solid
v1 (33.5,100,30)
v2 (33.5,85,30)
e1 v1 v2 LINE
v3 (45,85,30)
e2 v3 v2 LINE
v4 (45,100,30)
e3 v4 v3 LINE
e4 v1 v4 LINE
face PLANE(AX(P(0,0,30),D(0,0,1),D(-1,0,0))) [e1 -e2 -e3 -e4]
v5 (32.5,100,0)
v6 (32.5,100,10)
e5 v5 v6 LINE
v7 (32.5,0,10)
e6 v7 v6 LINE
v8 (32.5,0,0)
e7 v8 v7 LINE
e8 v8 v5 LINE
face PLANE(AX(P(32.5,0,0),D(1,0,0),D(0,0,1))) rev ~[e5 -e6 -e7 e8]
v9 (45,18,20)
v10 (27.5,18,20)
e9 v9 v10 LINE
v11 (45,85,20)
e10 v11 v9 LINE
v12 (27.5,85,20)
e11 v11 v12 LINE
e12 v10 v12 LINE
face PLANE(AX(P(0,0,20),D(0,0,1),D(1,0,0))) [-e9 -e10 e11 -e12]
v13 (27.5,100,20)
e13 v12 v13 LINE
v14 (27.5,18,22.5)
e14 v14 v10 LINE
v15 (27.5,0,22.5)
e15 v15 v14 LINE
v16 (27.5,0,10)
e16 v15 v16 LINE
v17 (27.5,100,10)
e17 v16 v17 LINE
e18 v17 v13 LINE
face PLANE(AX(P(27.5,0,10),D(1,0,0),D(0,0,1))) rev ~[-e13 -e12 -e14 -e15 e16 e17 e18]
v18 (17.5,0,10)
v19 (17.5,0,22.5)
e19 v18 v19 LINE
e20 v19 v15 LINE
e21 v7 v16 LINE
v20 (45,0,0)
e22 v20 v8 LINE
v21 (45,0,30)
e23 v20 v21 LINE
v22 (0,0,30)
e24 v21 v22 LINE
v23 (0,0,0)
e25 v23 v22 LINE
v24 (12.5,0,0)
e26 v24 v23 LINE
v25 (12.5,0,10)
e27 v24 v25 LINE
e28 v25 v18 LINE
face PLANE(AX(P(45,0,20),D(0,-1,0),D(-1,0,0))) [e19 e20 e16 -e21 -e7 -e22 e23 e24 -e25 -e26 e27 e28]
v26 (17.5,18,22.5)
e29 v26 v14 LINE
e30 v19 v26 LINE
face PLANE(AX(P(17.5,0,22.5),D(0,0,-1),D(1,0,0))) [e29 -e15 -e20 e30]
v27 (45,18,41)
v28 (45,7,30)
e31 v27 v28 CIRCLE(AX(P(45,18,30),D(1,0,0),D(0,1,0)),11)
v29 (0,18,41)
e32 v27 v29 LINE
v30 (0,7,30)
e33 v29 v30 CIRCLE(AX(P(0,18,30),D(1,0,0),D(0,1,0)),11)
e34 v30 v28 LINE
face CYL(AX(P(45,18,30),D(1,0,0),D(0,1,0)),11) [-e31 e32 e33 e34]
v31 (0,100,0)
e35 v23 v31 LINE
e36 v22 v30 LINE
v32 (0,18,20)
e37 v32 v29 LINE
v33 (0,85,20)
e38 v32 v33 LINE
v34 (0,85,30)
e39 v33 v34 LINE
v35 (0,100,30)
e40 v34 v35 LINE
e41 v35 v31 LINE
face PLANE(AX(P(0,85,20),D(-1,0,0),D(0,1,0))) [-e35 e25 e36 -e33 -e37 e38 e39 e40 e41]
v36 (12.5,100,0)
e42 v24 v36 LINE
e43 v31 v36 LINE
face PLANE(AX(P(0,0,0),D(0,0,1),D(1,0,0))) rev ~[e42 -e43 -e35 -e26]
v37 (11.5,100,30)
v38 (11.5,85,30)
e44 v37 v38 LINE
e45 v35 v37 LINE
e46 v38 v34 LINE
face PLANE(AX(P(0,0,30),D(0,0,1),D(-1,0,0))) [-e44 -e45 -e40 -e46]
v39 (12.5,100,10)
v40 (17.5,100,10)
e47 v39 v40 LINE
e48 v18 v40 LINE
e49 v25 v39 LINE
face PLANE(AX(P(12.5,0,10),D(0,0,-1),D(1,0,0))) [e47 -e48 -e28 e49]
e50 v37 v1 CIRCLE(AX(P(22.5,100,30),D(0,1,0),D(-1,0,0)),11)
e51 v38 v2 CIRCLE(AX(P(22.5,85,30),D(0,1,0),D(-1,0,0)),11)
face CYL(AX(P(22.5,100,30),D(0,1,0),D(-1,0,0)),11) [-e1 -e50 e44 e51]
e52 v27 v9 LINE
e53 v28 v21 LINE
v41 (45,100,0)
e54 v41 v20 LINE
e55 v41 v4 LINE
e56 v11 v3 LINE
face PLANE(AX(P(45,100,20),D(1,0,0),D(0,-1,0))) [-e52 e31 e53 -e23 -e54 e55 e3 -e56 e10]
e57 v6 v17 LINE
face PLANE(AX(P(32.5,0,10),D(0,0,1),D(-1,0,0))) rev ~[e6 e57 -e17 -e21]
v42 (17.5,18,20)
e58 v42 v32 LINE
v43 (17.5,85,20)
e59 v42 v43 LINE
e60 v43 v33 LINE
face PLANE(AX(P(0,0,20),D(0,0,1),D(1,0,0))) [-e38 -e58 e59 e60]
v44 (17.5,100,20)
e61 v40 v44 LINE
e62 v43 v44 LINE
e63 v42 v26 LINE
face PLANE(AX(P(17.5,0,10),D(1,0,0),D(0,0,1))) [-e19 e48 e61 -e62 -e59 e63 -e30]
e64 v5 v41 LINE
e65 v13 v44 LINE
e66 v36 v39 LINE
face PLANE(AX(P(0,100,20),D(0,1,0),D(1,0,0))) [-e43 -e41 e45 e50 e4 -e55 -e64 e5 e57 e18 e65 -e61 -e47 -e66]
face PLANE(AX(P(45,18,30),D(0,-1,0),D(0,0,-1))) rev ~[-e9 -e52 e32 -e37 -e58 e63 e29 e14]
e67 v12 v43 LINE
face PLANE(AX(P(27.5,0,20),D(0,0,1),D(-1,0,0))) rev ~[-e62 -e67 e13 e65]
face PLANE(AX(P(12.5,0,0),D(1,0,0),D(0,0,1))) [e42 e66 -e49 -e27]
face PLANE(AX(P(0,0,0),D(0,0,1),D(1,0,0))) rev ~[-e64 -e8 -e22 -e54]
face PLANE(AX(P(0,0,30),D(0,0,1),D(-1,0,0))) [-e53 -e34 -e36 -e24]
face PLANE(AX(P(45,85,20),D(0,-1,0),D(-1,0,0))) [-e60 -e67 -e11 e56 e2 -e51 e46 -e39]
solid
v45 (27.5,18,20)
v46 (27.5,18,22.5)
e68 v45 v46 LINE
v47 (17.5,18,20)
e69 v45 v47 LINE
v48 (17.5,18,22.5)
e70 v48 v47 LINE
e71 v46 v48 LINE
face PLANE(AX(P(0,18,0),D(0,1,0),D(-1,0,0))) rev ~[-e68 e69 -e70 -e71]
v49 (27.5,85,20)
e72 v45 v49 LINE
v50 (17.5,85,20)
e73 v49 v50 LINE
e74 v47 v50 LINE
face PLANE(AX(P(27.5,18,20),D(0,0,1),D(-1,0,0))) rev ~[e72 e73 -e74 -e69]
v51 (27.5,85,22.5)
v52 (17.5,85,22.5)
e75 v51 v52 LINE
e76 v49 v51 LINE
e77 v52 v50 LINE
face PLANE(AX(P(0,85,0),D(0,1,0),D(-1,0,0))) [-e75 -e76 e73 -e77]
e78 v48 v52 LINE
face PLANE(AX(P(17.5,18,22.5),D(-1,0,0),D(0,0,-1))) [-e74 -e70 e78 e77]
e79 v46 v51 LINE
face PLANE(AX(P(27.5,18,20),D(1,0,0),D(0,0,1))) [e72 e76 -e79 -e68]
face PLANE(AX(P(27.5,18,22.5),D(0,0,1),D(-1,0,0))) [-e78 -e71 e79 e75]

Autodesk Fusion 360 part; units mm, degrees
sketch "Sketch1" plane through (0, 0, 0) normal (0, 0, 1) x (1, 0, 0)
  line L0 (0, 0) -> (0, 100)
  line L1 (0, 100) -> (45, 100)
  line L2 (45, 100) -> (45, 0)
  line L3 (45, 0) -> (0, 0)
  dimension "d1" = 100
  dimension "d2" = 45
extrude "Extrude1" add sketch "Sketch1" along normal blind 35 makes body 1
extrude "Extrude2" cut 1 faces at (15, 33.3333, 35) along direction (0, 0, -1) blind 15 on bodies 1 bodies 1
sketch "Sketch2" plane through (0, 0, 20) normal (0, 0, 1) x (-1, 0, 0)
  line L0 (-45, -100) -> (0, -100)
  line L1 (0, -100) -> (0, 0)
  line L2 (0, 0) -> (-45, 0)
sketch "Sketch3" plane through (0, 0, 20) normal (0, 0, 1) x (-1, 0, 0)
sketch "Sketch4" plane through (0, 0, 20) normal (0, 0, 1) x (-1, 0, 0)
sketch "Sketch5" plane through (0, 0, 20) normal (0, 0, 1) x (-1, 0, 0)
  line L0 (0, 0) -> (0, -7)
  line L1 (0, -7) -> (-45, -7)
  line L2 (-45, -7) -> (-45, 0)
  line L3 (-45, 0) -> (0, 0)
extrude "Extrude3" add sketch "Sketch5" along normal blind 10 bodies 1
sketch "Sketch6" plane through (45, 0, 0) normal (1, 0, 0) x (0, 1, 0)
  line L0 (100, 20) -> (7, 20)
  line L1 (0, 30) -> (0, 0)
  line L2 (0, 0) -> (100, 0)
  line L3 (100, 0) -> (100, 20)
  circle A0 centre (18, 30) radius 11
  line L4 (7, 30) -> (18, 30)
  line L5 (18, 30) -> (18, 20)
  line L6 (18, 30) -> (18, 41)
  line L7 (7, 30) -> (7, 20)
  line L8 (18, 20) -> (18, 30)
extrude "Extrude4" add sketch "Sketch6" against normal blind 45 contours L0 A0 L4 L5 L8 | L0 A0 L7 | A0 L4 L6 bodies 1
sketch "Sketch7" plane through (0, 0, 20) normal (0, 0, 1) x (-1, 0, 0)
  line L0 (-45, -85) -> (0, -85)
  line L1 (0, -85) -> (0, -100)
  line L2 (0, -100) -> (-45, -100)
  line L3 (-45, -100) -> (-45, -85)
sketch "Sketch8" plane through (45, 0, 0) normal (1, 0, 0) x (0, 1, 0)
  line L0 (100, 20) -> (18, 20)
  line L1 (18, 20) -> (18, 41)
  arc A0 (18, 41) -> (7, 30) centre (18, 30) ccw
  line L2 (7, 30) -> (0, 30)
  line L3 (0, 30) -> (0, 0)
  line L4 (0, 0) -> (100, 0)
  line L5 (100, 0) -> (100, 20)
extrude "Extrude5" add sketch "Sketch7" along normal blind 10 bodies 1
sketch "Sketch9" plane through (0, 0, 20) normal (0, 0, 1) x (-1, 0, 0)
  line L0 (-45, -85) -> (0, -85)
  line L1 (0, -85) -> (0, -18)
  line L2 (0, -18) -> (-45, -18)
  line L3 (-45, -18) -> (-45, -85)
sketch "Sketch10" plane through (0, 85, 0) normal (0, -1, 0) x (1, 0, 0)
  line L0 (0, 20) -> (45, 20)
  line L1 (45, 20) -> (45, 30)
  line L2 (0, 30) -> (0, 20)
sketch "Sketch11" plane through (0, 100, 0) normal (0, 1, 0) x (-1, 0, 0)
  line L0 (-45, 30) -> (-45, 0)
  line L1 (-45, 0) -> (0, 0)
  line L2 (0, 0) -> (0, 30)
  line L3 (0, 30) -> (-45, 30)
sketch "Sketch12" plane through (0, 100, 0) normal (0, 1, 0) x (-1, 0, 0)
sketch "Sketch13" plane through (45, 0, 0) normal (1, 0, 0) x (0, 1, 0)
sketch "Sketch14" plane through (0, 100, 0) normal (0, 1, 0) x (-1, 0, 0)
sketch "Sketch15" plane through (45, 0, 0) normal (1, 0, 0) x (0, 1, 0)
sketch "Sketch16" plane through (0, 100, 0) normal (0, 1, 0) x (-1, 0, 0)
sketch "Sketch17" plane through (0, 100, 0) normal (0, 1, 0) x (-1, 0, 0)
  line L0 (-45, 30) -> (-22.5, 30)
  line L1 (-22.5, 30) -> (-11.5, 30)
  arc A0 (-11.5, 30) -> (-33.5, 30) centre (-22.5, 30) ccw
  dimension "d17" = 22.5
  dimension "d18" = 22
extrude "Extrude6" add sketch "Sketch17" against normal blind 15 bodies 1
sketch "Sketch18" plane through (0, 0, 20) normal (0, 0, 1) x (-1, 0, 0)
sketch "Sketch19" plane through (0, 0, 0) normal (0, -1, 0) x (1, 0, 0)
  line L0 (0, 30) -> (0, 0)
  line L1 (0, 0) -> (45, 0)
  line L2 (45, 0) -> (45, 30)
  line L3 (45, 30) -> (0, 30)
sketch "Sketch20" plane through (0, 0, 0) normal (0, -1, 0) x (1, 0, 0)
  line L0 (0, 0) -> (12.5, 0)
  line L1 (45, 0) -> (32.5, 0)
  line L2 (12.5, 0) -> (12.5, 10)
  line L3 (32.5, 0) -> (32.5, 10)
  line L4 (12.5, 10) -> (17.5, 10)
  line L5 (32.5, 10) -> (27.5, 10)
  line L6 (17.5, 10) -> (17.5, 22.5)
  line L7 (27.5, 10) -> (27.5, 22.5)
  line L8 (27.5, 22.5) -> (17.5, 22.5)
  line L9 (12.5, 0) -> (32.5, 0)
  line L10 (17.5, 22.5) -> (17.5, 20)
  line L11 (27.5, 20) -> (17.5, 20)
  line L12 (17.5, 22.5) -> (17.5, 20)
  dimension "d21" = 12.5
  dimension "d22" = 12.5
  dimension "d24" = 10
  dimension "d25" = 5
  dimension "d26" = 5
  dimension "d27" = 12.5
extrude "Extrude7" cut sketch "Sketch20" against normal blind 100 contours L2 L3 L4 L5 L6 L7 L9 L11 bodies 1
sketch "Sketch21" plane through (0, 0, 0) normal (0, -1, 0) x (1, 0, 0)
  line L0 (17.5, 20) -> (17.5, 22.5)
  line L1 (17.5, 22.5) -> (27.5, 22.5)
  line L2 (27.5, 22.5) -> (27.5, 20)
  line L3 (27.5, 20) -> (17.5, 20)
  dimension "d30" = 2.5
sketch "Sketch22" plane through (0, 0, 0) normal (0, -1, 0) x (1, 0, 0)
extrude "Extrude8" cut sketch "Sketch21" against normal up to surface (18 mm away) bodies 1
sketch "Sketch23" plane through (0, 18, 0) normal (0, 1, 0) x (-1, 0, 0)
  line L0 (-27.5, 20) -> (-27.5, 22.5)
  line L1 (-27.5, 22.5) -> (-17.5, 22.5)
  line L2 (-17.5, 22.5) -> (-17.5, 20)
  line L3 (-17.5, 20) -> (0, 20)
  line L4 (0, 20) -> (0, 41)
  line L5 (0, 41) -> (-45, 41)
  line L6 (-45, 41) -> (-45, 20)
  line L7 (-45, 20) -> (-27.5, 20)
  line L8 (-27.5, 20) -> (-27.5, 22.5)
  line L9 (-17.5, 22.5) -> (-17.5, 20)
  line L10 (-27.5, 20) -> (-17.5, 20)
extrude "Extrude9" add sketch "Sketch23" along normal blind 67 separate body contours L0 L1 L2 L8 L9 L10 makes body 2
